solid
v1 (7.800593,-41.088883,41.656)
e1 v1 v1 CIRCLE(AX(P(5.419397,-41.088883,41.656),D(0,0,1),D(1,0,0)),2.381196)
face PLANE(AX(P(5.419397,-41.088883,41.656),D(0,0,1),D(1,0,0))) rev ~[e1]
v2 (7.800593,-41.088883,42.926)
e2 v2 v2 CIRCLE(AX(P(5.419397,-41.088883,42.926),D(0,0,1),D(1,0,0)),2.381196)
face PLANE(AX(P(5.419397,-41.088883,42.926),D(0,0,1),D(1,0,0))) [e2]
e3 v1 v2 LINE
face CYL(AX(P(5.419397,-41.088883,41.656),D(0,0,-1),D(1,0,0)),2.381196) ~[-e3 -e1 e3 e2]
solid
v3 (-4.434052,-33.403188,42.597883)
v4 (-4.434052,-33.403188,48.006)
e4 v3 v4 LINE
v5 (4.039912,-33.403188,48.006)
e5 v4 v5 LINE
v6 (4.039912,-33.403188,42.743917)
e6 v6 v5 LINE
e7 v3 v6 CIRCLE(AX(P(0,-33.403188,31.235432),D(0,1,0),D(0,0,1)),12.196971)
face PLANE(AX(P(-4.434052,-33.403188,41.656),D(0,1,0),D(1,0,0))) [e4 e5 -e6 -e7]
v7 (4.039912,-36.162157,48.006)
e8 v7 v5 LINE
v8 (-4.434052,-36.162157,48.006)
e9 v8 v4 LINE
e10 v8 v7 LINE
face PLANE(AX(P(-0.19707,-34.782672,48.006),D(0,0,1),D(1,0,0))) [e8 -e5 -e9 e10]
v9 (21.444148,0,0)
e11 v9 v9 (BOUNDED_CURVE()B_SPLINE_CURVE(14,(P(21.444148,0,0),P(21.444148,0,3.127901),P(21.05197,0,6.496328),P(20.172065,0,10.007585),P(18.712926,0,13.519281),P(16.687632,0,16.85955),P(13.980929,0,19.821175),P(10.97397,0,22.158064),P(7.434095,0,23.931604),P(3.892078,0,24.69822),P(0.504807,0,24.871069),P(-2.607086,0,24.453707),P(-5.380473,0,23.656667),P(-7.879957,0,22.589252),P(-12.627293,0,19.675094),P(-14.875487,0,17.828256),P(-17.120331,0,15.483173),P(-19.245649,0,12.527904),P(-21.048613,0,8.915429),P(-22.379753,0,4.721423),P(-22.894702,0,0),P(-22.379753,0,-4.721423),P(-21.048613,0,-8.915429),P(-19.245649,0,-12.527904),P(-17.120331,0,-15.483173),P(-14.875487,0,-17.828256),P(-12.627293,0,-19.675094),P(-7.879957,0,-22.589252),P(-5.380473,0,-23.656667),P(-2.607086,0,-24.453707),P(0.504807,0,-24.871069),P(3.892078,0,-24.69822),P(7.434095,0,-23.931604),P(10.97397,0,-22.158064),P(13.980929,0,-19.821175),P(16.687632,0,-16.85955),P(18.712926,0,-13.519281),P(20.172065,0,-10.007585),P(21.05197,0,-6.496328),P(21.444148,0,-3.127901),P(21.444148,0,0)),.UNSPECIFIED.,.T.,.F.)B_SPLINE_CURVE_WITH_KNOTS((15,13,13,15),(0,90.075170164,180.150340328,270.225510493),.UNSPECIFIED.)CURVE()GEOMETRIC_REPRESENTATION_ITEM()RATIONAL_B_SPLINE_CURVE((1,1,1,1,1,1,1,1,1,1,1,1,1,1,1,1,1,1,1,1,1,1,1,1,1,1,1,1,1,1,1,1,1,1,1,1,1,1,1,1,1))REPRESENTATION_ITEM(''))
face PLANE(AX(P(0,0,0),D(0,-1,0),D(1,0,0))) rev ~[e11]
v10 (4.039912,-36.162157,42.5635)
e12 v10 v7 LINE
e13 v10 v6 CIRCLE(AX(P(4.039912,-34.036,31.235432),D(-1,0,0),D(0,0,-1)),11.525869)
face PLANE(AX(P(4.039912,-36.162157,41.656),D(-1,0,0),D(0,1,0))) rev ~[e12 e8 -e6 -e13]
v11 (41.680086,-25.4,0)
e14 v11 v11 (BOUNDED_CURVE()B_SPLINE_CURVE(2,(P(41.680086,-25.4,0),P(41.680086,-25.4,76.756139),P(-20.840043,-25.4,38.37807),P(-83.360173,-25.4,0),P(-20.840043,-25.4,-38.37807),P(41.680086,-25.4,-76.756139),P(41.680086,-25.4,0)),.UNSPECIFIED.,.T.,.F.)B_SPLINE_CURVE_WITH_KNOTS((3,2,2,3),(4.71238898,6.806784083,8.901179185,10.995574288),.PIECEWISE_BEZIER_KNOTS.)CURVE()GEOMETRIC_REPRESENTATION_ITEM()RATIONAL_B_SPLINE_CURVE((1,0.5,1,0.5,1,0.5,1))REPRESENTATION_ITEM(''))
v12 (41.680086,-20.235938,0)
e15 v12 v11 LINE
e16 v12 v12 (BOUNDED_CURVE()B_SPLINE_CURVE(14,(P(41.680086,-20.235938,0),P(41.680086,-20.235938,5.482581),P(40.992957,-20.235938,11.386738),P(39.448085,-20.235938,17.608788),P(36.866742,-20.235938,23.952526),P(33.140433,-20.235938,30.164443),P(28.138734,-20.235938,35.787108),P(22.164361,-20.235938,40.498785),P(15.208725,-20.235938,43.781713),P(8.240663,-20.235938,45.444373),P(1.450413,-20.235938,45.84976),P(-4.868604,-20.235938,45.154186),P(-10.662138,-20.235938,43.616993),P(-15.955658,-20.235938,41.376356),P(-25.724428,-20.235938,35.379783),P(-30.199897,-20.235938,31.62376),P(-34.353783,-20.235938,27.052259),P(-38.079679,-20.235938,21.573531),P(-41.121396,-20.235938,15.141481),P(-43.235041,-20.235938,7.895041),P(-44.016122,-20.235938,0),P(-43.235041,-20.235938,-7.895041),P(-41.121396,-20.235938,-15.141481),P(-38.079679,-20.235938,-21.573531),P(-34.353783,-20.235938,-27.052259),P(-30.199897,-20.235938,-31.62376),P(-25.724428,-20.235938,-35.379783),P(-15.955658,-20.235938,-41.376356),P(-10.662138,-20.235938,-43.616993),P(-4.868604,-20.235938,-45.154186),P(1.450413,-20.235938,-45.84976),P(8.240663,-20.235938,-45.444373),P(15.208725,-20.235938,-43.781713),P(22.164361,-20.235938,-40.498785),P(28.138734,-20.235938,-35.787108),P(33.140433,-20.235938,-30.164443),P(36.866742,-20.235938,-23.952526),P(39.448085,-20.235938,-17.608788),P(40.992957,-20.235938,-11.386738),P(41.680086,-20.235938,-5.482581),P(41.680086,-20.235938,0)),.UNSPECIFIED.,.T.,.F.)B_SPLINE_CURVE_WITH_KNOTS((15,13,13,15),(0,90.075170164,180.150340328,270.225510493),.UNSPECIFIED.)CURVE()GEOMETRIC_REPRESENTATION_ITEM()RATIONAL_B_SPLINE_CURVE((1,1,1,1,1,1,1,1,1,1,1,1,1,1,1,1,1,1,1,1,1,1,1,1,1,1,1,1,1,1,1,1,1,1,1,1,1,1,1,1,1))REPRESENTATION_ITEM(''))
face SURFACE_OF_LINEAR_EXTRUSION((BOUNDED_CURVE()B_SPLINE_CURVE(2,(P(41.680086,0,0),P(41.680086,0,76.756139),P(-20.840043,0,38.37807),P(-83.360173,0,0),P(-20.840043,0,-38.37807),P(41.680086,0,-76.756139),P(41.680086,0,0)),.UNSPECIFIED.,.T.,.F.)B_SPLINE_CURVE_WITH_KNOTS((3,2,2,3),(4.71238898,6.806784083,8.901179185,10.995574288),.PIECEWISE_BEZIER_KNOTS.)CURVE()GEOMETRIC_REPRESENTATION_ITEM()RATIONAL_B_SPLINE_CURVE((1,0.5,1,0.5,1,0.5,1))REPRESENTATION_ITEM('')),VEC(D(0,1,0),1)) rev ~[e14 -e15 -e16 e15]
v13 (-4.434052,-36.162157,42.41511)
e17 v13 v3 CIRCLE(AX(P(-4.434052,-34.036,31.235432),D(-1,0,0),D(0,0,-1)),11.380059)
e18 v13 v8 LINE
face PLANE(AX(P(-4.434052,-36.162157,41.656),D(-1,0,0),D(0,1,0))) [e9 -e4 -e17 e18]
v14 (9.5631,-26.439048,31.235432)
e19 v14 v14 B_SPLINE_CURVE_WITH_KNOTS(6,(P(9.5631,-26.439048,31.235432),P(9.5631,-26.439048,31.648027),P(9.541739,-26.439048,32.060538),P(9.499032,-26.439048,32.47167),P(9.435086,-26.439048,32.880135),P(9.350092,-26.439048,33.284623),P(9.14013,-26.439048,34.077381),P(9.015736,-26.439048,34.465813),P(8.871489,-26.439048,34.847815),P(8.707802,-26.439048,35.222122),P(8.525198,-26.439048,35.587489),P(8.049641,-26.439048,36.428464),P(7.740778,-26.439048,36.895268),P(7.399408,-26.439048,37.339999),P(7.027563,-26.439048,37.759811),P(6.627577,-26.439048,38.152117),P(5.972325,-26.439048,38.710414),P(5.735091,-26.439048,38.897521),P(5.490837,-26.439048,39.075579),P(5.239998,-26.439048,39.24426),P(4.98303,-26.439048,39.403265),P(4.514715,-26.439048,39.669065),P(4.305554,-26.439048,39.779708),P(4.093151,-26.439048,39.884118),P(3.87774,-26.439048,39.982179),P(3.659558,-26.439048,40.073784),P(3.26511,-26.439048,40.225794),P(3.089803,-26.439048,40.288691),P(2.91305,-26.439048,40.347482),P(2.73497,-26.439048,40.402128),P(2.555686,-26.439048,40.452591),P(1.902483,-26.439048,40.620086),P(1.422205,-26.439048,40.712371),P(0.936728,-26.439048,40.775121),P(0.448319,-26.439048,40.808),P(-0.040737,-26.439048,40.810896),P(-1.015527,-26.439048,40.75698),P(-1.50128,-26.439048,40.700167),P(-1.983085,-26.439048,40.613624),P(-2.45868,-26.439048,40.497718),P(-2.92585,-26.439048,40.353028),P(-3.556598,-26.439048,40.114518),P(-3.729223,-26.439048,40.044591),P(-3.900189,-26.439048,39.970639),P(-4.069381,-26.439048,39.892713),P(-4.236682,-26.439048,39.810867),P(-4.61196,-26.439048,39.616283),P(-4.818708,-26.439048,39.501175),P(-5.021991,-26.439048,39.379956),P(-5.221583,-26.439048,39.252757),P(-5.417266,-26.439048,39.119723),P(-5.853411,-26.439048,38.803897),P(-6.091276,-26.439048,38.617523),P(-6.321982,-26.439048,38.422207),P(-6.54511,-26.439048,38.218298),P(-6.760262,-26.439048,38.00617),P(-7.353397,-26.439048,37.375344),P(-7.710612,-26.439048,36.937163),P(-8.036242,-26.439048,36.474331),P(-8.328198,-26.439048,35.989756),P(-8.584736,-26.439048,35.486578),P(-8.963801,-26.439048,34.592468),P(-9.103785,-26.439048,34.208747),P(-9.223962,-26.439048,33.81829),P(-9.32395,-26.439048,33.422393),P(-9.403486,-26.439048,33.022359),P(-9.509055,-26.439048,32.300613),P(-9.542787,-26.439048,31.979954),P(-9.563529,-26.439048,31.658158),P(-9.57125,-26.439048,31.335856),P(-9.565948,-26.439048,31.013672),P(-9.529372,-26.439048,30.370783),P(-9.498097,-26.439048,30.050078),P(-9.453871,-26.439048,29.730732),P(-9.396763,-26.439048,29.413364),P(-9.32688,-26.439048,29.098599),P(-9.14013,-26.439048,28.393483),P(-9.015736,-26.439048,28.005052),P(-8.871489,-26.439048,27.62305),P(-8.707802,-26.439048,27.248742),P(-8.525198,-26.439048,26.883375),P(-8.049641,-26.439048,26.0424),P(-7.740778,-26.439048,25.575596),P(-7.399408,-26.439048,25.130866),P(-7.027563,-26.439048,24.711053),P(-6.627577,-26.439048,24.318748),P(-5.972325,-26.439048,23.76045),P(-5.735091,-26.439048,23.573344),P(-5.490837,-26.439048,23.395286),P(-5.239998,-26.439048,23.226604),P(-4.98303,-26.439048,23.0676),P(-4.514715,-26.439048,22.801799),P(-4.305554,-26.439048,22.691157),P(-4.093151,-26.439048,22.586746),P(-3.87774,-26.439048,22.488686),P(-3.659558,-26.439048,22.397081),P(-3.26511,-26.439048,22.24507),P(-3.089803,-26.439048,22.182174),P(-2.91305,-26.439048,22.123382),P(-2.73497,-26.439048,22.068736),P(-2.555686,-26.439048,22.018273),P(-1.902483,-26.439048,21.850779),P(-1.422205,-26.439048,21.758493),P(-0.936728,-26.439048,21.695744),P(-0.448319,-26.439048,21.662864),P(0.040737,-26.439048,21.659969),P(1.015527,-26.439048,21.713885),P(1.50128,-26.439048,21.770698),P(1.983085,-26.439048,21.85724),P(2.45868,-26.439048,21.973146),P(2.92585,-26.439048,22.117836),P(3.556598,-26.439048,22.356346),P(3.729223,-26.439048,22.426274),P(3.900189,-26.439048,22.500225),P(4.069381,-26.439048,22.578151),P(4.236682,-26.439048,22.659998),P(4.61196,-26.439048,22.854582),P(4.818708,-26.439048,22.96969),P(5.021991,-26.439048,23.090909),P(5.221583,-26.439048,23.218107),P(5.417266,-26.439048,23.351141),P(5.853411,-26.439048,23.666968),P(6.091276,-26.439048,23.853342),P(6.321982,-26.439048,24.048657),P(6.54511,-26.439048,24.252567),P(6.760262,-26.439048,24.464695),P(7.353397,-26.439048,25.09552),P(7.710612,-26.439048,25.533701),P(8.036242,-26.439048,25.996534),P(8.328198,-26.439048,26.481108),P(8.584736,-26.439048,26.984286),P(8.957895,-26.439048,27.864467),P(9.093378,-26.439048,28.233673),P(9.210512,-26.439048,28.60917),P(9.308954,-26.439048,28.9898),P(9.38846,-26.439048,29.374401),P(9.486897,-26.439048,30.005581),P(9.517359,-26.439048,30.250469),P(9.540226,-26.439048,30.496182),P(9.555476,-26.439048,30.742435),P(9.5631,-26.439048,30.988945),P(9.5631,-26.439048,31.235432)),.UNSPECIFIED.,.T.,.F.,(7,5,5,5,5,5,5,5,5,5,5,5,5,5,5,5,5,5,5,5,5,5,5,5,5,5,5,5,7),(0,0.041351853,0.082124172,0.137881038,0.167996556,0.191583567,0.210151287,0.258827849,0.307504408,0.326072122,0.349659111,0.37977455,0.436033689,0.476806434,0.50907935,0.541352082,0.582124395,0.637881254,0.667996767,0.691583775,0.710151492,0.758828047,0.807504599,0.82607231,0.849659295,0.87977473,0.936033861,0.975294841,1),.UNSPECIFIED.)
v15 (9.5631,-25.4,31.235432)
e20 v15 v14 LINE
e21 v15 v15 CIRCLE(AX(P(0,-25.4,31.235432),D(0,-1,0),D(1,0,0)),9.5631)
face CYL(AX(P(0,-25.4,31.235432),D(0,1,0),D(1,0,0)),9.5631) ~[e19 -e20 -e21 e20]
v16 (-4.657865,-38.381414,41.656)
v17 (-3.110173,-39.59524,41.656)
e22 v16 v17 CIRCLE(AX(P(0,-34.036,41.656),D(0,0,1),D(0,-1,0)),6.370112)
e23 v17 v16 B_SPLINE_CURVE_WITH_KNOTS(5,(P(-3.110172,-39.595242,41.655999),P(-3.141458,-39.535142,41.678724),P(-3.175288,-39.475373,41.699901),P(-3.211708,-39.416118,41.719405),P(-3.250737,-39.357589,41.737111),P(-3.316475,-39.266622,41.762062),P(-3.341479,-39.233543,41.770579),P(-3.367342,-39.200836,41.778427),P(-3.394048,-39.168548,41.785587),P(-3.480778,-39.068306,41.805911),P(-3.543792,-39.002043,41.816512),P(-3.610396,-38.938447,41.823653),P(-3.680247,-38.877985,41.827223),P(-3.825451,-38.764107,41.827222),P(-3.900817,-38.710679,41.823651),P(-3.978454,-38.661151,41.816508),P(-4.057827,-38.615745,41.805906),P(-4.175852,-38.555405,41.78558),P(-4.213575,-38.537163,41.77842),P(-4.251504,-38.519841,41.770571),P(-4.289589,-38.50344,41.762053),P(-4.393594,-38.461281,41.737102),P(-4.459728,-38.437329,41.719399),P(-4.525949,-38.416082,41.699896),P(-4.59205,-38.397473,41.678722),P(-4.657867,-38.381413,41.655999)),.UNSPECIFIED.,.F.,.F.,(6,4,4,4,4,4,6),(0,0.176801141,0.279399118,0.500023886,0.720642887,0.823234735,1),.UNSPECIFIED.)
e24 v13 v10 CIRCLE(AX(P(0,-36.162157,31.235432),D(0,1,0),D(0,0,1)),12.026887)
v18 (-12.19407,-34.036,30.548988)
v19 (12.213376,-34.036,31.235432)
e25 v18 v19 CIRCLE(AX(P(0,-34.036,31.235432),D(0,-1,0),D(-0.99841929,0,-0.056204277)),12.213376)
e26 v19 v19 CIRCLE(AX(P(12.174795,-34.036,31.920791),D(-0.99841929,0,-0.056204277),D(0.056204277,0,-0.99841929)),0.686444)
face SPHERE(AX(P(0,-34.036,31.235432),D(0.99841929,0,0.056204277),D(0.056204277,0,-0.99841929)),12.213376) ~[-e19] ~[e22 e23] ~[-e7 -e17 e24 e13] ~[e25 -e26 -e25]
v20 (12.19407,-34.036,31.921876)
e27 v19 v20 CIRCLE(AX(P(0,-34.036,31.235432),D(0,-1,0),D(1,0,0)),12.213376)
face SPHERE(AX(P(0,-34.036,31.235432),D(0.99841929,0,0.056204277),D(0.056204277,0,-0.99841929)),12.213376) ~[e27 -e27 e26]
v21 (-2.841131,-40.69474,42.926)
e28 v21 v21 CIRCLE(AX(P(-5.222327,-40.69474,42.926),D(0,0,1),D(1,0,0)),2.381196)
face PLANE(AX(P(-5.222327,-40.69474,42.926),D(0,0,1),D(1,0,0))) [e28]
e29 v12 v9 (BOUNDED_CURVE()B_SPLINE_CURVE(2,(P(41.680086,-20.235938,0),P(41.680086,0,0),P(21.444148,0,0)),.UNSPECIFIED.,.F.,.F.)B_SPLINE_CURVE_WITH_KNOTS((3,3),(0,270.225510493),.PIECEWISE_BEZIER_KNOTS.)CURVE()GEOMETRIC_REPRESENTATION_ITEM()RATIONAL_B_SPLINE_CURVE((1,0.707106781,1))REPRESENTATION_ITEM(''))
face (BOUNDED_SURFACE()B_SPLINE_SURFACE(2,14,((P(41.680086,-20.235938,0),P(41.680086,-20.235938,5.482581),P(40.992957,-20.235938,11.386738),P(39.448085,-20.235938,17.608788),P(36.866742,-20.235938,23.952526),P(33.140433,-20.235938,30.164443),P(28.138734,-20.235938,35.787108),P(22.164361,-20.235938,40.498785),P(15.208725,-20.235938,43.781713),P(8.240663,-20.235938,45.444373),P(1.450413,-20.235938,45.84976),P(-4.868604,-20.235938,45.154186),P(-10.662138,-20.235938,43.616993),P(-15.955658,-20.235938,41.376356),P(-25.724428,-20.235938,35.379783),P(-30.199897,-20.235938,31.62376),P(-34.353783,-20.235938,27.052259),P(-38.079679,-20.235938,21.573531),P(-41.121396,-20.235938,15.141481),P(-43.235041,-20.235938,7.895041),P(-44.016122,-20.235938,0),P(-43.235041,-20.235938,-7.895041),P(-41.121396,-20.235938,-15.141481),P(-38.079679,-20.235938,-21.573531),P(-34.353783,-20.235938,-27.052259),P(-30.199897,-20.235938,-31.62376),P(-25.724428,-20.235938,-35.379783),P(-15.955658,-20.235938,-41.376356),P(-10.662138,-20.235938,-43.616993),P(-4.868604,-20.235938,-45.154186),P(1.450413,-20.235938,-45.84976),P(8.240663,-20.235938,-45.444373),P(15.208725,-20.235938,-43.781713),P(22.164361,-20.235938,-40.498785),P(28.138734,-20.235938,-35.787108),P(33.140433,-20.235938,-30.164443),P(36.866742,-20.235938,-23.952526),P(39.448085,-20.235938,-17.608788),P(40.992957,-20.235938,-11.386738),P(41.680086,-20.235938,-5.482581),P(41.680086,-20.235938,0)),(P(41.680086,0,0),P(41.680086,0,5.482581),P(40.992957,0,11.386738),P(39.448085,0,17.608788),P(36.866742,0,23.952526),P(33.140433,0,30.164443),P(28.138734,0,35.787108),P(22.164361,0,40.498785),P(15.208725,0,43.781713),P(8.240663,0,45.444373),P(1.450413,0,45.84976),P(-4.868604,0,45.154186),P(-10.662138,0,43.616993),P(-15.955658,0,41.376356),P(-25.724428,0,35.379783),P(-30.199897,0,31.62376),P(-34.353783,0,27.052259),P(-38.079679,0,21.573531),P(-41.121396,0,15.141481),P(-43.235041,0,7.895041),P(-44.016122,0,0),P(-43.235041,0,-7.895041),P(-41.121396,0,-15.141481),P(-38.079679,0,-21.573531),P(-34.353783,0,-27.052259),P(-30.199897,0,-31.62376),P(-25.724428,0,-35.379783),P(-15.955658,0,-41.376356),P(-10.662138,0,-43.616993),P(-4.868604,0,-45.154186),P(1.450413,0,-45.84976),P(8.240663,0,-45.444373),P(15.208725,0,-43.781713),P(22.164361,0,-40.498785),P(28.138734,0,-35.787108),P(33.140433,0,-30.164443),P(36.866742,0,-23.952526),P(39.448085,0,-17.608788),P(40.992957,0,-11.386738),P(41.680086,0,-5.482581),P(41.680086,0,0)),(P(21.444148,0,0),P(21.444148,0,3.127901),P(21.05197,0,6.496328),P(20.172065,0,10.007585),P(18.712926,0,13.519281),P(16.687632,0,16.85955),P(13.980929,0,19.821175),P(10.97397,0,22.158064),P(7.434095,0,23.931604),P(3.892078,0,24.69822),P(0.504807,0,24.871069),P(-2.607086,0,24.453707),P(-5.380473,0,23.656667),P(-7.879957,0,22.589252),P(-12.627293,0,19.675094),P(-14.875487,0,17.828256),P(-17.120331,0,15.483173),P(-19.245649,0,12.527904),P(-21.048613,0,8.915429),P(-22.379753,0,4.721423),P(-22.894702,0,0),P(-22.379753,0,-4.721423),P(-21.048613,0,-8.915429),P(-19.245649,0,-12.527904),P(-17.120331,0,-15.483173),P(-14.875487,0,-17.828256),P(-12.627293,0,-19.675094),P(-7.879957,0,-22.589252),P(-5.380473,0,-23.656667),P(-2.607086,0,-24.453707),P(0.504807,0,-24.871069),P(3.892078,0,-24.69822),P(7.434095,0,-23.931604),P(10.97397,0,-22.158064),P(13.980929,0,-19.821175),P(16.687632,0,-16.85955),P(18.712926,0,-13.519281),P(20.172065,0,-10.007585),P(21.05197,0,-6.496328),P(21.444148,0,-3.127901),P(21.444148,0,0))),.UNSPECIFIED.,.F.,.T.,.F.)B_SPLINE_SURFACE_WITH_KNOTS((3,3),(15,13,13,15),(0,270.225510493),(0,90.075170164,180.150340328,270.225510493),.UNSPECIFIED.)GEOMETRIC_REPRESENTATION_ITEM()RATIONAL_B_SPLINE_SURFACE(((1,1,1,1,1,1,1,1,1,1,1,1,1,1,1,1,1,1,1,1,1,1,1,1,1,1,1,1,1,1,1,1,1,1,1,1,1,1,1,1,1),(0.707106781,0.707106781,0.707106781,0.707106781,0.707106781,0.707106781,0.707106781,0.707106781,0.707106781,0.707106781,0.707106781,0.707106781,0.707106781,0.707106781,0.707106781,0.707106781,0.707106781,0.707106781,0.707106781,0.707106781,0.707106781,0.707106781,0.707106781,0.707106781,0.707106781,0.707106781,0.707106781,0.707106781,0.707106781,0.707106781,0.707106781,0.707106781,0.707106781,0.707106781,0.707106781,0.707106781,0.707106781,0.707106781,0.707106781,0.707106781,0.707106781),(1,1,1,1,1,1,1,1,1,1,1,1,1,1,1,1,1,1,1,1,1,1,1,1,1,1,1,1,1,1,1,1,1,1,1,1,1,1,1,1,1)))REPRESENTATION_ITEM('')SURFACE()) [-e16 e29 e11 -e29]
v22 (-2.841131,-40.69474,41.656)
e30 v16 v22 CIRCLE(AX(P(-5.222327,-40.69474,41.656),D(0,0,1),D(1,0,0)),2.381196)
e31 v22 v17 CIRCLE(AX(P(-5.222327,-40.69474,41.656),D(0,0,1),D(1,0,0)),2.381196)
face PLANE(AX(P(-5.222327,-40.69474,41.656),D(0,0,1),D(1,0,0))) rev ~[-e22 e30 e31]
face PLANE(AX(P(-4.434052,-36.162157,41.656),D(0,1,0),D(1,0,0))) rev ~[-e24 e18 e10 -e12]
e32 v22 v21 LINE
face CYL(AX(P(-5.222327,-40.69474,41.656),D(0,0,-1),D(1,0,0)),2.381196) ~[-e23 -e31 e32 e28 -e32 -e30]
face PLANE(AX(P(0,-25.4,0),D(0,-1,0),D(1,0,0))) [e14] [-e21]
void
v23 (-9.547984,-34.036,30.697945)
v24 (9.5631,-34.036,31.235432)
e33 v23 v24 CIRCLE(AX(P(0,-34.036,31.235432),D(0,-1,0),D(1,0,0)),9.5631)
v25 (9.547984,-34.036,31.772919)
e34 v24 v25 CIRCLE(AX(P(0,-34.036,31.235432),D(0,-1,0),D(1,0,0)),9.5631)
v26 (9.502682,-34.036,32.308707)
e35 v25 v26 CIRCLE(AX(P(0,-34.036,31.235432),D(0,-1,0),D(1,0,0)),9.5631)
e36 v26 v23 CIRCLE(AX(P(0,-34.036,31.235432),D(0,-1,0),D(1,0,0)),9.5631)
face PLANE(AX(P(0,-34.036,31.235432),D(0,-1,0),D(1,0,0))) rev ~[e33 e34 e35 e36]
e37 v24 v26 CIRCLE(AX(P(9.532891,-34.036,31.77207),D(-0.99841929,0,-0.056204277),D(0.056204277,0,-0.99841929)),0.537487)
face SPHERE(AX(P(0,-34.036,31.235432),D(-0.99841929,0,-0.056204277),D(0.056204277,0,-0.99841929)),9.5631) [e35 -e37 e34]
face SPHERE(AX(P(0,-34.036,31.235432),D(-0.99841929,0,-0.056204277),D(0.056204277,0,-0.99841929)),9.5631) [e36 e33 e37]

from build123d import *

# Parameters (mm, degrees)
F1_DEPTH  = 25.4
F2_R      = 20.2359380798
F3_R      = 9.5631
F4_DEPTH  = 8.636
F8_W      = 8.473964408
F8_H      = 2.7589686215
F9_DEPTH  = 6.35
F10_R     = 2.3811958513
F11_DEPTH = 1.27


with BuildPart() as f1:
    # F0 (on Front) → F1 (new body)
    with BuildSketch(Plane.XZ):
        with BuildLine():
            add(Edge.make_bspline(
                [(41.6800864041, 0), (41.6800864041, 76.7561391454), (-20.840043202, 38.3780695727), (-83.3601728082, 0), (-20.840043202, -38.3780695727), (41.6800864041, -76.7561391454), (41.6800864041, 0)],
                knots=[4.7123889804, 4.7123889804, 4.7123889804, 6.8067840828, 6.8067840828, 8.9011791852, 8.9011791852, 10.9955742876, 10.9955742876, 10.9955742876], degree=2, weights=[1, 0.5, 1, 0.5, 1, 0.5, 1]))
        make_face()
    extrude(amount=F1_DEPTH)

    # F2
    f2_edges = [f1.edges().sort_by_distance(p)[0] for p in [
        (-41.680086, 0, 0),
    ]]
    fillet(f2_edges, radius=F2_R)

    # F3 (on face) → F4 (join)
    with BuildSketch(Plane.XZ.offset(25.4)):
        with Locations((0, 31.2354322523)):
            Circle(F3_R)
    extrude(amount=F4_DEPTH)

    # F5 (on face) → F6 (revolve)
    with BuildSketch(Plane.XZ.offset(34.036)):
        with BuildLine():
            ThreePointArc((-12.1940704883, 30.5489882663), (0.343357707, 19.0268833662), (12.2133762907, 31.2354322523))
            ThreePointArc((12.2133762907, 31.2354322523), (12.2085488861, 31.5787899593), (12.1940704883, 31.9218762383))
            Line((12.1940704883, 31.9218762383), (9.547983515, 31.7729193751))
            ThreePointArc((9.547983515, 31.7729193751), (9.5593201317, 31.5042820781), (9.5631, 31.2354322523))
            ThreePointArc((9.5631, 31.2354322523), (0.2688498258, 21.6761121205), (-9.547983515, 30.6979451295))
            Line((-9.547983515, 30.6979451295), (-12.1940704883, 30.5489882663))
        make_face()
    revolve(axis=Axis((-6.0970352441, -34.036, 30.8922102593), (-0.9984192903, 0, -0.0562042772)))

    # F8 (on offset) → F9 (join)
    with BuildSketch(Plane.XY.offset(41.656)):
        with Locations((-0.1970697194, -34.7826723009)):
            Rectangle(F8_W, F8_H)
    extrude(amount=F9_DEPTH)

    # F10 (on offset) → F11 (join)
    with BuildSketch(Plane.XY.offset(41.656)):
        with Locations((-5.2223270759, -40.6947396696)):
            Circle(F10_R)
    extrude(amount=F11_DEPTH)


with BuildPart() as f11:
    # F10 (on offset) → F11, piece 2 (new body)
    with BuildSketch(Plane.XY.offset(41.656)):
        with Locations((5.4193967953, -41.0888828337)):
            Circle(F10_R)
    extrude(amount=F11_DEPTH)


solid = Compound([f1.part, f11.part])
